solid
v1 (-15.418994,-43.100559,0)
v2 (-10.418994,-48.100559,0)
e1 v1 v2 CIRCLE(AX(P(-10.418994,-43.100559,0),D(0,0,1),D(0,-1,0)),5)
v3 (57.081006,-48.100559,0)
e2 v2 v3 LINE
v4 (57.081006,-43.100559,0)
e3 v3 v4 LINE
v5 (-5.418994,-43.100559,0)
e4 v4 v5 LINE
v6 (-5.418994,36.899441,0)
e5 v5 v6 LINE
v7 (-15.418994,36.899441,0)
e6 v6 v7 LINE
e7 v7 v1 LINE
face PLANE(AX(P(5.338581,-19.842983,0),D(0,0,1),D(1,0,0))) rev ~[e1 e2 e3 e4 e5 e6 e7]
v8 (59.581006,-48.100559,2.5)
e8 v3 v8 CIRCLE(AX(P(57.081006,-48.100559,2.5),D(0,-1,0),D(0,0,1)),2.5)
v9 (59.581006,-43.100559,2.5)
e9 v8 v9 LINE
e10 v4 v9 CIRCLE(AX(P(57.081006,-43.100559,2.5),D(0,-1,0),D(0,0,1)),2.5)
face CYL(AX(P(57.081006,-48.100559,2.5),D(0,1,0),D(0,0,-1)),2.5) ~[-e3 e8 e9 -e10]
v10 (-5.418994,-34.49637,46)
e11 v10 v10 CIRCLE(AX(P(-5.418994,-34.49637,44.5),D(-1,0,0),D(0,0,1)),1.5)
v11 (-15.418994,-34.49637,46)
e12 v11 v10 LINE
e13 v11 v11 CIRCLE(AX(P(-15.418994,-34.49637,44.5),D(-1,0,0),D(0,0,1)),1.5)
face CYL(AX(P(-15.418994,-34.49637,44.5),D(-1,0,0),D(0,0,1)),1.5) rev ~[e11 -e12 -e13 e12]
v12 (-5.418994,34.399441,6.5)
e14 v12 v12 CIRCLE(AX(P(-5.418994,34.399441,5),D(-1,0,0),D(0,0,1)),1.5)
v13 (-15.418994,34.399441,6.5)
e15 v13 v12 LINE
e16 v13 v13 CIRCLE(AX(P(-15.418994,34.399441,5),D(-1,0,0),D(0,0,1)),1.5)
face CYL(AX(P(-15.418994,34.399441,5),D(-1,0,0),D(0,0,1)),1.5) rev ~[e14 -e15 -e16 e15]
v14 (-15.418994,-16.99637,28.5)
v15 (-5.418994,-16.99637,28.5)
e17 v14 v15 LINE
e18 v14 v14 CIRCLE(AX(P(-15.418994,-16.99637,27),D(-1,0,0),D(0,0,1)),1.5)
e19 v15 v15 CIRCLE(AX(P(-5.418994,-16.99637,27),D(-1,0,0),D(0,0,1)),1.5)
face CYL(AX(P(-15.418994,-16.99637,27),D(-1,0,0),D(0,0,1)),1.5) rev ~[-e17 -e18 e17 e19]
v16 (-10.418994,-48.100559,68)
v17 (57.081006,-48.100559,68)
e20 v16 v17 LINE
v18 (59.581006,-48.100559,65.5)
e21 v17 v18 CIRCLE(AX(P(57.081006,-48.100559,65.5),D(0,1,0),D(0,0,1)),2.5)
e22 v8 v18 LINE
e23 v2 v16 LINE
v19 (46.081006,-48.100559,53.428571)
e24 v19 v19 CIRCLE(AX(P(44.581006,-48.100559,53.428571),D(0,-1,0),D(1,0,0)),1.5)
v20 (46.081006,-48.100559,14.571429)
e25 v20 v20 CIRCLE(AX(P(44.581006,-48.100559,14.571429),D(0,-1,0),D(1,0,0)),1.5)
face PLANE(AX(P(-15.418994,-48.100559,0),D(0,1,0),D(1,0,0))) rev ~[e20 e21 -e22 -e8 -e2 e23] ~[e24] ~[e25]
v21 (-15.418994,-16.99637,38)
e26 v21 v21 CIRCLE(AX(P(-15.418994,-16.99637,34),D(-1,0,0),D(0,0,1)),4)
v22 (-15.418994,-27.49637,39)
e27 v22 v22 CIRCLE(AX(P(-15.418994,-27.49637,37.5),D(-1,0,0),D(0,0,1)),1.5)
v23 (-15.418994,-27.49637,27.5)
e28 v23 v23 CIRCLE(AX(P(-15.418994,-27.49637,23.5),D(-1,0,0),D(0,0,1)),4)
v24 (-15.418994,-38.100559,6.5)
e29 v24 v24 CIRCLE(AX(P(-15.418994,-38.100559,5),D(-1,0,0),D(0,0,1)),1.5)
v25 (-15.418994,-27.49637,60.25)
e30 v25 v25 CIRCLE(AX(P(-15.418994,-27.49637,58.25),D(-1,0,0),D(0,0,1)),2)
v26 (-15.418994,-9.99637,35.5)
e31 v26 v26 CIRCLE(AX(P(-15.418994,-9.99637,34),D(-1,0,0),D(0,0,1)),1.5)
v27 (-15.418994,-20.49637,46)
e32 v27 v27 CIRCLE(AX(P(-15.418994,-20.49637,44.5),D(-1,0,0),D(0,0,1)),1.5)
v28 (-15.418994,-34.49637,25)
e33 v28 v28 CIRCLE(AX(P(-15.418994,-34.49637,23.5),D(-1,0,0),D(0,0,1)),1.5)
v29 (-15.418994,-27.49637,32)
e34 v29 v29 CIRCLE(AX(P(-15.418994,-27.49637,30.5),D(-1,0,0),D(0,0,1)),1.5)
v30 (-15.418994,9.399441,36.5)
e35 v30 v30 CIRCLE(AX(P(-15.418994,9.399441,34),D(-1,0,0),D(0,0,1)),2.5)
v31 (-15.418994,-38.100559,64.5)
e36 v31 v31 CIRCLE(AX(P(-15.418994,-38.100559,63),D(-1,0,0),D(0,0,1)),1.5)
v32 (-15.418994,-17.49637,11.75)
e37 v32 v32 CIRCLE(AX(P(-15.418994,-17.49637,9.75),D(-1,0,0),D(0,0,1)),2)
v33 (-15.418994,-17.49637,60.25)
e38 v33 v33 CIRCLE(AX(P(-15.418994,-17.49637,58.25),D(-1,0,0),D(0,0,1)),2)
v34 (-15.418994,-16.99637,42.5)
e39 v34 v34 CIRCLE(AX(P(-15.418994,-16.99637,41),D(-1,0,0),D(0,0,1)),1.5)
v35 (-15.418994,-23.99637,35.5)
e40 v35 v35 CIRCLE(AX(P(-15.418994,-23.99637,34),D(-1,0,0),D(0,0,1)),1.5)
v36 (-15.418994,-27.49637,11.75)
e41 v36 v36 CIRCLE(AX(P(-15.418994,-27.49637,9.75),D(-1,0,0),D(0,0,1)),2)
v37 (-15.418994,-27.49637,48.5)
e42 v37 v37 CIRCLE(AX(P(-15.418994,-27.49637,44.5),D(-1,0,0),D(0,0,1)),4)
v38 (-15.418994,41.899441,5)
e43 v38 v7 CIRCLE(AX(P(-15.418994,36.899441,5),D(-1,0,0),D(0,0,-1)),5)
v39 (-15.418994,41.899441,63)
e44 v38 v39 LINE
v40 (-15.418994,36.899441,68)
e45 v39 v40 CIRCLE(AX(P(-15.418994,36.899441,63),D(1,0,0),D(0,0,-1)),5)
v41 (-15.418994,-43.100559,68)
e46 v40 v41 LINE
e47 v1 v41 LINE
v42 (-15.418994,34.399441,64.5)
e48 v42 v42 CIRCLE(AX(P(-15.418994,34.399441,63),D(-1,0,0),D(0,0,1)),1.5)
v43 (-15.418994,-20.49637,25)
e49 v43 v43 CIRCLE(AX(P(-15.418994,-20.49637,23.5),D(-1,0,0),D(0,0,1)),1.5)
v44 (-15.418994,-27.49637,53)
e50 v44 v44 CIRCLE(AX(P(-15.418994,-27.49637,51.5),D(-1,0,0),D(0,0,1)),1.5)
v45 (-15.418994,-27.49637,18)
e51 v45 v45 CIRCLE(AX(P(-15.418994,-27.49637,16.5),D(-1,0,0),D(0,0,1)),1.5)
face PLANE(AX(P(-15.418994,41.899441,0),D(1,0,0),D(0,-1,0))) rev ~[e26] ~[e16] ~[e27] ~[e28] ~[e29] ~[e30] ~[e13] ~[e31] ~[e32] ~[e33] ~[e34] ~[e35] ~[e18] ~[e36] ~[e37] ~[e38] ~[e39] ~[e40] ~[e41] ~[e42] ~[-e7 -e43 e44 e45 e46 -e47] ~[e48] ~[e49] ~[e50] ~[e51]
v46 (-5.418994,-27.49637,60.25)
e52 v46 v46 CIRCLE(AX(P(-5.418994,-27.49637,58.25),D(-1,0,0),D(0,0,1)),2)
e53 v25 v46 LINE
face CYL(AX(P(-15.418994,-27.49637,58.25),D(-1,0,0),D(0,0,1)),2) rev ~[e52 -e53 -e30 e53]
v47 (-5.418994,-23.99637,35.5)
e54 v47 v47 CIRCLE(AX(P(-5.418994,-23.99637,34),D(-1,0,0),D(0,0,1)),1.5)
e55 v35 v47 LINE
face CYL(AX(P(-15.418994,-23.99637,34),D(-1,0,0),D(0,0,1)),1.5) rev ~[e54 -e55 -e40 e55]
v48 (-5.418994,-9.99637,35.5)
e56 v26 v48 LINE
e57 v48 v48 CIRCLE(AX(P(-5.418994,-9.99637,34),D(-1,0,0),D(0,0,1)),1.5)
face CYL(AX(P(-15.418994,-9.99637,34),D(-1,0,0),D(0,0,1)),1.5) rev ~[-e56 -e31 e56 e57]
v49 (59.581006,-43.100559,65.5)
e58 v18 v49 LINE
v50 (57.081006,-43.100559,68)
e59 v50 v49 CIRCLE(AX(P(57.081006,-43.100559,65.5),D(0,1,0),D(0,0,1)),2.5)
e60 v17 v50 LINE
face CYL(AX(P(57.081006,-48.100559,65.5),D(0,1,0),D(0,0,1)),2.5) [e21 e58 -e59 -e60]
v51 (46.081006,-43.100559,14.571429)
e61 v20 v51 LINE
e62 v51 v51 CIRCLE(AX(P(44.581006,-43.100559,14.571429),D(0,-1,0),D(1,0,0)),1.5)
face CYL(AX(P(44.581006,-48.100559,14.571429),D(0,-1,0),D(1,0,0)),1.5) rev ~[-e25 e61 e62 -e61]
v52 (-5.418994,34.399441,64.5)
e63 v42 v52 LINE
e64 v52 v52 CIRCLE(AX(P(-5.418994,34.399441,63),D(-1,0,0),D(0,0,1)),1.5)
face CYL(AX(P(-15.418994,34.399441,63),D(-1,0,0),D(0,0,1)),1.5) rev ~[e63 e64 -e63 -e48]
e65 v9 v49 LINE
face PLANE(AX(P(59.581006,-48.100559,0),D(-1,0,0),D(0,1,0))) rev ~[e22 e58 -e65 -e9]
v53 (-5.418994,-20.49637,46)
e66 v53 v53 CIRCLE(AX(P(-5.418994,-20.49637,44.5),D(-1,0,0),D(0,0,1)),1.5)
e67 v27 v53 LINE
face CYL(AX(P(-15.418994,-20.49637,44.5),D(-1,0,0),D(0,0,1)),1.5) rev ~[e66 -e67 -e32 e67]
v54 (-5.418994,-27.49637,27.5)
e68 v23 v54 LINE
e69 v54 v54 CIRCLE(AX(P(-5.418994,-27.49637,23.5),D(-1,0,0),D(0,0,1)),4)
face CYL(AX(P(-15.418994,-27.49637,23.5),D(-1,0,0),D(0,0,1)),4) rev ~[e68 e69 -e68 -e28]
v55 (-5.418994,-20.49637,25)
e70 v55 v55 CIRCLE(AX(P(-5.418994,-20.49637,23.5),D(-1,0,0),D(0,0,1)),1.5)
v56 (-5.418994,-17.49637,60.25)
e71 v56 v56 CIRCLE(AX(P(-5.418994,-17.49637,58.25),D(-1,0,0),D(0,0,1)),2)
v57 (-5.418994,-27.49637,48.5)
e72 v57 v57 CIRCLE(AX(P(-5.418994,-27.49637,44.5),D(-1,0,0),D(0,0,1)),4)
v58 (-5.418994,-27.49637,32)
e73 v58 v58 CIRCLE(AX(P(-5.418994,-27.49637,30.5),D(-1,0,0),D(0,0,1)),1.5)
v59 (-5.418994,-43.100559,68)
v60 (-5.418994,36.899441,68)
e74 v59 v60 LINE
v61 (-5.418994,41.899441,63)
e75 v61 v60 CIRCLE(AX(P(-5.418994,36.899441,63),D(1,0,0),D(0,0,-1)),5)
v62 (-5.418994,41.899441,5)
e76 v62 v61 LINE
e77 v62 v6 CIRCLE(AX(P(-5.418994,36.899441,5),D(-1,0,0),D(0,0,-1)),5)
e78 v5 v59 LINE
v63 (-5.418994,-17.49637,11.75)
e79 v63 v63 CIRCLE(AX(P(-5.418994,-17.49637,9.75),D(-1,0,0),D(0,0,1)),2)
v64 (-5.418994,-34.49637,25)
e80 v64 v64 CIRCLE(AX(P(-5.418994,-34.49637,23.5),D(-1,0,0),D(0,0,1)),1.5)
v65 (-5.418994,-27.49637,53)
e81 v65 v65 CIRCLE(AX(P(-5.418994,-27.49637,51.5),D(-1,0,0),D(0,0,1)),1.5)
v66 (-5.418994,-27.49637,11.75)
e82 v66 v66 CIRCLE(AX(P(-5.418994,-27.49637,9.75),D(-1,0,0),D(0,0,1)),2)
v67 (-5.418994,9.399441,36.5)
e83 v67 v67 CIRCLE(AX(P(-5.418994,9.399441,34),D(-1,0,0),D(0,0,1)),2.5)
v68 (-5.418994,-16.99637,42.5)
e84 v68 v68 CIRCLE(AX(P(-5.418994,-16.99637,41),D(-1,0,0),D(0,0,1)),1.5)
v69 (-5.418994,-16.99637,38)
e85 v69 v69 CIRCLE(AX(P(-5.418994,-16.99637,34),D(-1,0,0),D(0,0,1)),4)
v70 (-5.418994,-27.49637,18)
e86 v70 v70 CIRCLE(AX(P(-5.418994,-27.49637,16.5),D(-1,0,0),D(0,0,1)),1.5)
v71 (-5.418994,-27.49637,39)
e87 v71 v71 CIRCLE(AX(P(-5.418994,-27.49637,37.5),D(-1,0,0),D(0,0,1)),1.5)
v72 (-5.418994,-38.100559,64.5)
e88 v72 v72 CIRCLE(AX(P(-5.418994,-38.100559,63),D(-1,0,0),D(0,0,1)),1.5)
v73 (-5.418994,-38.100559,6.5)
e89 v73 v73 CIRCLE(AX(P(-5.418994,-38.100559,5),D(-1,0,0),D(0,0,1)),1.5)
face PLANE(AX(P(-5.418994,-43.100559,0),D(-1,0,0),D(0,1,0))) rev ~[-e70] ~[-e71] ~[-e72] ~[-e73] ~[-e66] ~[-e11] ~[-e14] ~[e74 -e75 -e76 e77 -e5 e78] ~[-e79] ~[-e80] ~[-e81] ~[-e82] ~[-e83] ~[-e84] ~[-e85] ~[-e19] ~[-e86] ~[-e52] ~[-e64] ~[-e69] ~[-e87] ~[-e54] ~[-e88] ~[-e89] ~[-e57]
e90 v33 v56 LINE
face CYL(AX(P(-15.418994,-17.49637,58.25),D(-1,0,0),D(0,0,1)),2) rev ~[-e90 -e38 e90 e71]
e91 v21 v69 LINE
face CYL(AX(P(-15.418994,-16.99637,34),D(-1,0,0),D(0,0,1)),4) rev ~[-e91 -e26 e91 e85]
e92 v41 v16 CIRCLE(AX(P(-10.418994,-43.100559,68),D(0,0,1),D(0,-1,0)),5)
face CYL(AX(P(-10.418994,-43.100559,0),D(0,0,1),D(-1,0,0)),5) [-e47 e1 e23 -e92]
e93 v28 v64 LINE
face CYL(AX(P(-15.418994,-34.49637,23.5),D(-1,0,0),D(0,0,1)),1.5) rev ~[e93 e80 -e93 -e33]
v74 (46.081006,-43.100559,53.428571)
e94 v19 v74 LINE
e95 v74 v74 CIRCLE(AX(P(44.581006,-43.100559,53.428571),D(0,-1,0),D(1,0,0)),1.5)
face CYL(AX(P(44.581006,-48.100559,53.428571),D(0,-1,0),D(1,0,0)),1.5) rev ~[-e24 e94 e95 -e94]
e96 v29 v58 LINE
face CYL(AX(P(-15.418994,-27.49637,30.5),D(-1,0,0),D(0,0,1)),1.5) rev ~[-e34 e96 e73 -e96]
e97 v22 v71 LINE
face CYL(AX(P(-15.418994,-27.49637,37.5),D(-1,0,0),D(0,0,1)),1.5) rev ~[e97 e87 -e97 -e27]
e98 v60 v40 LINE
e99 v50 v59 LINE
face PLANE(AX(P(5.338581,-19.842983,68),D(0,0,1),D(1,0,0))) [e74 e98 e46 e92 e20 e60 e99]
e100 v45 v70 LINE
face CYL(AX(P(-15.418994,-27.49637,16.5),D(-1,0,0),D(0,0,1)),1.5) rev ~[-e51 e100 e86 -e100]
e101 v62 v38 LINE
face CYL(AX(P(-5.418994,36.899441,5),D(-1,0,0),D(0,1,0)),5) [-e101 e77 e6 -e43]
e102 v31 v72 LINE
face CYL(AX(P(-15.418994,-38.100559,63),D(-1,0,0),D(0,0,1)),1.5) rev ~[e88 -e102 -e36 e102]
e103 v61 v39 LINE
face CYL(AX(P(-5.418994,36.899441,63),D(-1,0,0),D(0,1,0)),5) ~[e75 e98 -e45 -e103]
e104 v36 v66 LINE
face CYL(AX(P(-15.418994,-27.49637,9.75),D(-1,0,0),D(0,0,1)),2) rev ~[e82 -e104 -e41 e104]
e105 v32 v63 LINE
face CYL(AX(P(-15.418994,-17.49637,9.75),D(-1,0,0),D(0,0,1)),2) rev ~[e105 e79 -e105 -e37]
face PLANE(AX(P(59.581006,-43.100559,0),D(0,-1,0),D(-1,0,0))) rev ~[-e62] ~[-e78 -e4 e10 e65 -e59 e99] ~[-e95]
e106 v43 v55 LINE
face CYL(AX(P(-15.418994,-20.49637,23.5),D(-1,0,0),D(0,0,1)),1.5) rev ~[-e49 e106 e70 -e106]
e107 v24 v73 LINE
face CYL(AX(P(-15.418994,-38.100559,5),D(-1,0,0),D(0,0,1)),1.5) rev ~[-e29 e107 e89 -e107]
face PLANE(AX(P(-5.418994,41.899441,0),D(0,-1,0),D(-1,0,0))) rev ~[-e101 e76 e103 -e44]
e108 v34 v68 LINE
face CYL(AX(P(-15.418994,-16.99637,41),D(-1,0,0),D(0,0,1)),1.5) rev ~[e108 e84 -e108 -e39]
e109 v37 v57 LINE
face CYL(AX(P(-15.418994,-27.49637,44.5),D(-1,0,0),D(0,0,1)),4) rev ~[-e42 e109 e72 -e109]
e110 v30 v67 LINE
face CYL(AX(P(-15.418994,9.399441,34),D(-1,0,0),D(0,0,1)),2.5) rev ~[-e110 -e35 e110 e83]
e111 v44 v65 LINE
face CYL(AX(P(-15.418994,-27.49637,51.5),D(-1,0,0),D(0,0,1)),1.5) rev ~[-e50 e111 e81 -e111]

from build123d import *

# Parameters (mm, degrees)
EXTRUDE_1_DEPTH     = 68
SKETCH_2_R          = 2.5
CUT_EXTRUDE_1_DEPTH = 76
FILLET_1_R          = 5
FILLET_3_R          = 5
SKETCH_7_R          = 1.5
CUT_EXTRUDE_5_DEPTH = 10
SKETCH_8_R          = 1.5
CUT_EXTRUDE_6_DEPTH = 10
SKETCH_9_R          = 1.5
CUT_EXTRUDE_7_DEPTH = 10
FILLET_4_R          = 2.5
SKETCH_14_R         = 2
SKETCH_14_R_2       = 1.5
SKETCH_14_R_3       = 4
CUT_EXTRUDE_9_DEPTH = 76


with BuildPart() as part:
    # 草图1 → 凸台-拉伸1 (new body)
    with BuildSketch(Plane.XY):
        Polygon((-15.418994413, 41.899441341), (-15.418994413, -48.100558659), (59.581005587, -48.100558659), (59.581005587, -43.100558659), (-5.418994413, -43.100558659), (-5.418994413, 41.899441341), align=None)
    extrude(amount=EXTRUDE_1_DEPTH)

    # 草图2 → 切除-拉伸1 (cut, through all)
    with BuildSketch(Plane.ZY.offset(15.418994413)):
        with Locations((34, 9.399441341)):
            Circle(SKETCH_2_R)
    extrude(amount=-CUT_EXTRUDE_1_DEPTH, mode=Mode.SUBTRACT)

    # 圆角1
    fillet_1_edges = [part.edges().sort_by_distance(p)[0] for p in [
        (-10.418994413, 41.899441341, 68),
        (-10.418994413, 41.899441341, 0),
    ]]
    fillet(fillet_1_edges, radius=FILLET_1_R)

    # 圆角3
    fillet_3_edges = [part.edges().sort_by_distance(p)[0] for p in [
        (-15.418994413, -48.100558659, 34),
    ]]
    fillet(fillet_3_edges, radius=FILLET_3_R)

    # 草图7 → 切除-拉伸5 (cut)
    with BuildSketch(Plane.ZY.offset(15.418994413)):
        with Locations((63, 34.399441341)):
            Circle(SKETCH_7_R)
        with Locations((5, 34.399441341)):
            Circle(SKETCH_7_R)
    extrude(amount=-CUT_EXTRUDE_5_DEPTH, mode=Mode.SUBTRACT)

    # 草图8 → 切除-拉伸6 (cut)
    with BuildSketch(Plane.XZ.offset(48.100558659)):
        with Locations((44.581005587, 14.571428571)):
            Circle(SKETCH_8_R)
        with Locations((44.581005587, 53.428571429)):
            Circle(SKETCH_8_R)
    extrude(amount=-CUT_EXTRUDE_6_DEPTH, mode=Mode.SUBTRACT)

    # 草图9 → 切除-拉伸7 (cut)
    with BuildSketch(Plane.ZY.offset(15.418994413)):
        with Locations((5, -38.100558659)):
            Circle(SKETCH_9_R)
        with Locations((63, -38.100558659)):
            Circle(SKETCH_9_R)
    extrude(amount=-CUT_EXTRUDE_7_DEPTH, mode=Mode.SUBTRACT)

    # 圆角4
    fillet_4_edges = [part.edges().sort_by_distance(p)[0] for p in [
        (59.581005587, -45.600558659, 68),
        (59.581005587, -45.600558659, 0),
    ]]
    fillet(fillet_4_edges, radius=FILLET_4_R)

    # 草图14 → 切除-拉伸9 (cut, through all)
    with BuildSketch(Plane.ZY.offset(15.418994413)):
        with Locations((58.25, -27.496370313)):
            Circle(SKETCH_14_R)
        with Locations((58.25, -17.496370313)):
            Circle(SKETCH_14_R)
        with Locations((9.75, -17.496370313)):
            Circle(SKETCH_14_R)
        with Locations((9.75, -27.496370313)):
            Circle(SKETCH_14_R)
        with Locations((23.5, -34.496370313)):
            Circle(SKETCH_14_R_2)
        with Locations((44.5, -27.496370313)):
            Circle(SKETCH_14_R_3)
        with Locations((23.5, -27.496370313)):
            Circle(SKETCH_14_R_3)
        with Locations((34, -16.996370313)):
            Circle(SKETCH_14_R_3)
        with Locations((44.5, -20.496370313)):
            Circle(SKETCH_14_R_2)
        with Locations((51.5, -27.496370313)):
            Circle(SKETCH_14_R_2)
        with Locations((44.5, -34.496370313)):
            Circle(SKETCH_14_R_2)
        with Locations((16.5, -27.496370313)):
            Circle(SKETCH_14_R_2)
        with Locations((23.5, -20.496370313)):
            Circle(SKETCH_14_R_2)
        with Locations((30.5, -27.496370313)):
            Circle(SKETCH_14_R_2)
        with Locations((27, -16.996370313)):
            Circle(SKETCH_14_R_2)
        with Locations((34, -9.996370313)):
            Circle(SKETCH_14_R_2)
        with Locations((41, -16.996370313)):
            Circle(SKETCH_14_R_2)
        with Locations((34, -23.996370313)):
            Circle(SKETCH_14_R_2)
        with Locations((37.5, -27.496370313)):
            Circle(SKETCH_14_R_2)
    extrude(amount=-CUT_EXTRUDE_9_DEPTH, mode=Mode.SUBTRACT)


solid = part.part
